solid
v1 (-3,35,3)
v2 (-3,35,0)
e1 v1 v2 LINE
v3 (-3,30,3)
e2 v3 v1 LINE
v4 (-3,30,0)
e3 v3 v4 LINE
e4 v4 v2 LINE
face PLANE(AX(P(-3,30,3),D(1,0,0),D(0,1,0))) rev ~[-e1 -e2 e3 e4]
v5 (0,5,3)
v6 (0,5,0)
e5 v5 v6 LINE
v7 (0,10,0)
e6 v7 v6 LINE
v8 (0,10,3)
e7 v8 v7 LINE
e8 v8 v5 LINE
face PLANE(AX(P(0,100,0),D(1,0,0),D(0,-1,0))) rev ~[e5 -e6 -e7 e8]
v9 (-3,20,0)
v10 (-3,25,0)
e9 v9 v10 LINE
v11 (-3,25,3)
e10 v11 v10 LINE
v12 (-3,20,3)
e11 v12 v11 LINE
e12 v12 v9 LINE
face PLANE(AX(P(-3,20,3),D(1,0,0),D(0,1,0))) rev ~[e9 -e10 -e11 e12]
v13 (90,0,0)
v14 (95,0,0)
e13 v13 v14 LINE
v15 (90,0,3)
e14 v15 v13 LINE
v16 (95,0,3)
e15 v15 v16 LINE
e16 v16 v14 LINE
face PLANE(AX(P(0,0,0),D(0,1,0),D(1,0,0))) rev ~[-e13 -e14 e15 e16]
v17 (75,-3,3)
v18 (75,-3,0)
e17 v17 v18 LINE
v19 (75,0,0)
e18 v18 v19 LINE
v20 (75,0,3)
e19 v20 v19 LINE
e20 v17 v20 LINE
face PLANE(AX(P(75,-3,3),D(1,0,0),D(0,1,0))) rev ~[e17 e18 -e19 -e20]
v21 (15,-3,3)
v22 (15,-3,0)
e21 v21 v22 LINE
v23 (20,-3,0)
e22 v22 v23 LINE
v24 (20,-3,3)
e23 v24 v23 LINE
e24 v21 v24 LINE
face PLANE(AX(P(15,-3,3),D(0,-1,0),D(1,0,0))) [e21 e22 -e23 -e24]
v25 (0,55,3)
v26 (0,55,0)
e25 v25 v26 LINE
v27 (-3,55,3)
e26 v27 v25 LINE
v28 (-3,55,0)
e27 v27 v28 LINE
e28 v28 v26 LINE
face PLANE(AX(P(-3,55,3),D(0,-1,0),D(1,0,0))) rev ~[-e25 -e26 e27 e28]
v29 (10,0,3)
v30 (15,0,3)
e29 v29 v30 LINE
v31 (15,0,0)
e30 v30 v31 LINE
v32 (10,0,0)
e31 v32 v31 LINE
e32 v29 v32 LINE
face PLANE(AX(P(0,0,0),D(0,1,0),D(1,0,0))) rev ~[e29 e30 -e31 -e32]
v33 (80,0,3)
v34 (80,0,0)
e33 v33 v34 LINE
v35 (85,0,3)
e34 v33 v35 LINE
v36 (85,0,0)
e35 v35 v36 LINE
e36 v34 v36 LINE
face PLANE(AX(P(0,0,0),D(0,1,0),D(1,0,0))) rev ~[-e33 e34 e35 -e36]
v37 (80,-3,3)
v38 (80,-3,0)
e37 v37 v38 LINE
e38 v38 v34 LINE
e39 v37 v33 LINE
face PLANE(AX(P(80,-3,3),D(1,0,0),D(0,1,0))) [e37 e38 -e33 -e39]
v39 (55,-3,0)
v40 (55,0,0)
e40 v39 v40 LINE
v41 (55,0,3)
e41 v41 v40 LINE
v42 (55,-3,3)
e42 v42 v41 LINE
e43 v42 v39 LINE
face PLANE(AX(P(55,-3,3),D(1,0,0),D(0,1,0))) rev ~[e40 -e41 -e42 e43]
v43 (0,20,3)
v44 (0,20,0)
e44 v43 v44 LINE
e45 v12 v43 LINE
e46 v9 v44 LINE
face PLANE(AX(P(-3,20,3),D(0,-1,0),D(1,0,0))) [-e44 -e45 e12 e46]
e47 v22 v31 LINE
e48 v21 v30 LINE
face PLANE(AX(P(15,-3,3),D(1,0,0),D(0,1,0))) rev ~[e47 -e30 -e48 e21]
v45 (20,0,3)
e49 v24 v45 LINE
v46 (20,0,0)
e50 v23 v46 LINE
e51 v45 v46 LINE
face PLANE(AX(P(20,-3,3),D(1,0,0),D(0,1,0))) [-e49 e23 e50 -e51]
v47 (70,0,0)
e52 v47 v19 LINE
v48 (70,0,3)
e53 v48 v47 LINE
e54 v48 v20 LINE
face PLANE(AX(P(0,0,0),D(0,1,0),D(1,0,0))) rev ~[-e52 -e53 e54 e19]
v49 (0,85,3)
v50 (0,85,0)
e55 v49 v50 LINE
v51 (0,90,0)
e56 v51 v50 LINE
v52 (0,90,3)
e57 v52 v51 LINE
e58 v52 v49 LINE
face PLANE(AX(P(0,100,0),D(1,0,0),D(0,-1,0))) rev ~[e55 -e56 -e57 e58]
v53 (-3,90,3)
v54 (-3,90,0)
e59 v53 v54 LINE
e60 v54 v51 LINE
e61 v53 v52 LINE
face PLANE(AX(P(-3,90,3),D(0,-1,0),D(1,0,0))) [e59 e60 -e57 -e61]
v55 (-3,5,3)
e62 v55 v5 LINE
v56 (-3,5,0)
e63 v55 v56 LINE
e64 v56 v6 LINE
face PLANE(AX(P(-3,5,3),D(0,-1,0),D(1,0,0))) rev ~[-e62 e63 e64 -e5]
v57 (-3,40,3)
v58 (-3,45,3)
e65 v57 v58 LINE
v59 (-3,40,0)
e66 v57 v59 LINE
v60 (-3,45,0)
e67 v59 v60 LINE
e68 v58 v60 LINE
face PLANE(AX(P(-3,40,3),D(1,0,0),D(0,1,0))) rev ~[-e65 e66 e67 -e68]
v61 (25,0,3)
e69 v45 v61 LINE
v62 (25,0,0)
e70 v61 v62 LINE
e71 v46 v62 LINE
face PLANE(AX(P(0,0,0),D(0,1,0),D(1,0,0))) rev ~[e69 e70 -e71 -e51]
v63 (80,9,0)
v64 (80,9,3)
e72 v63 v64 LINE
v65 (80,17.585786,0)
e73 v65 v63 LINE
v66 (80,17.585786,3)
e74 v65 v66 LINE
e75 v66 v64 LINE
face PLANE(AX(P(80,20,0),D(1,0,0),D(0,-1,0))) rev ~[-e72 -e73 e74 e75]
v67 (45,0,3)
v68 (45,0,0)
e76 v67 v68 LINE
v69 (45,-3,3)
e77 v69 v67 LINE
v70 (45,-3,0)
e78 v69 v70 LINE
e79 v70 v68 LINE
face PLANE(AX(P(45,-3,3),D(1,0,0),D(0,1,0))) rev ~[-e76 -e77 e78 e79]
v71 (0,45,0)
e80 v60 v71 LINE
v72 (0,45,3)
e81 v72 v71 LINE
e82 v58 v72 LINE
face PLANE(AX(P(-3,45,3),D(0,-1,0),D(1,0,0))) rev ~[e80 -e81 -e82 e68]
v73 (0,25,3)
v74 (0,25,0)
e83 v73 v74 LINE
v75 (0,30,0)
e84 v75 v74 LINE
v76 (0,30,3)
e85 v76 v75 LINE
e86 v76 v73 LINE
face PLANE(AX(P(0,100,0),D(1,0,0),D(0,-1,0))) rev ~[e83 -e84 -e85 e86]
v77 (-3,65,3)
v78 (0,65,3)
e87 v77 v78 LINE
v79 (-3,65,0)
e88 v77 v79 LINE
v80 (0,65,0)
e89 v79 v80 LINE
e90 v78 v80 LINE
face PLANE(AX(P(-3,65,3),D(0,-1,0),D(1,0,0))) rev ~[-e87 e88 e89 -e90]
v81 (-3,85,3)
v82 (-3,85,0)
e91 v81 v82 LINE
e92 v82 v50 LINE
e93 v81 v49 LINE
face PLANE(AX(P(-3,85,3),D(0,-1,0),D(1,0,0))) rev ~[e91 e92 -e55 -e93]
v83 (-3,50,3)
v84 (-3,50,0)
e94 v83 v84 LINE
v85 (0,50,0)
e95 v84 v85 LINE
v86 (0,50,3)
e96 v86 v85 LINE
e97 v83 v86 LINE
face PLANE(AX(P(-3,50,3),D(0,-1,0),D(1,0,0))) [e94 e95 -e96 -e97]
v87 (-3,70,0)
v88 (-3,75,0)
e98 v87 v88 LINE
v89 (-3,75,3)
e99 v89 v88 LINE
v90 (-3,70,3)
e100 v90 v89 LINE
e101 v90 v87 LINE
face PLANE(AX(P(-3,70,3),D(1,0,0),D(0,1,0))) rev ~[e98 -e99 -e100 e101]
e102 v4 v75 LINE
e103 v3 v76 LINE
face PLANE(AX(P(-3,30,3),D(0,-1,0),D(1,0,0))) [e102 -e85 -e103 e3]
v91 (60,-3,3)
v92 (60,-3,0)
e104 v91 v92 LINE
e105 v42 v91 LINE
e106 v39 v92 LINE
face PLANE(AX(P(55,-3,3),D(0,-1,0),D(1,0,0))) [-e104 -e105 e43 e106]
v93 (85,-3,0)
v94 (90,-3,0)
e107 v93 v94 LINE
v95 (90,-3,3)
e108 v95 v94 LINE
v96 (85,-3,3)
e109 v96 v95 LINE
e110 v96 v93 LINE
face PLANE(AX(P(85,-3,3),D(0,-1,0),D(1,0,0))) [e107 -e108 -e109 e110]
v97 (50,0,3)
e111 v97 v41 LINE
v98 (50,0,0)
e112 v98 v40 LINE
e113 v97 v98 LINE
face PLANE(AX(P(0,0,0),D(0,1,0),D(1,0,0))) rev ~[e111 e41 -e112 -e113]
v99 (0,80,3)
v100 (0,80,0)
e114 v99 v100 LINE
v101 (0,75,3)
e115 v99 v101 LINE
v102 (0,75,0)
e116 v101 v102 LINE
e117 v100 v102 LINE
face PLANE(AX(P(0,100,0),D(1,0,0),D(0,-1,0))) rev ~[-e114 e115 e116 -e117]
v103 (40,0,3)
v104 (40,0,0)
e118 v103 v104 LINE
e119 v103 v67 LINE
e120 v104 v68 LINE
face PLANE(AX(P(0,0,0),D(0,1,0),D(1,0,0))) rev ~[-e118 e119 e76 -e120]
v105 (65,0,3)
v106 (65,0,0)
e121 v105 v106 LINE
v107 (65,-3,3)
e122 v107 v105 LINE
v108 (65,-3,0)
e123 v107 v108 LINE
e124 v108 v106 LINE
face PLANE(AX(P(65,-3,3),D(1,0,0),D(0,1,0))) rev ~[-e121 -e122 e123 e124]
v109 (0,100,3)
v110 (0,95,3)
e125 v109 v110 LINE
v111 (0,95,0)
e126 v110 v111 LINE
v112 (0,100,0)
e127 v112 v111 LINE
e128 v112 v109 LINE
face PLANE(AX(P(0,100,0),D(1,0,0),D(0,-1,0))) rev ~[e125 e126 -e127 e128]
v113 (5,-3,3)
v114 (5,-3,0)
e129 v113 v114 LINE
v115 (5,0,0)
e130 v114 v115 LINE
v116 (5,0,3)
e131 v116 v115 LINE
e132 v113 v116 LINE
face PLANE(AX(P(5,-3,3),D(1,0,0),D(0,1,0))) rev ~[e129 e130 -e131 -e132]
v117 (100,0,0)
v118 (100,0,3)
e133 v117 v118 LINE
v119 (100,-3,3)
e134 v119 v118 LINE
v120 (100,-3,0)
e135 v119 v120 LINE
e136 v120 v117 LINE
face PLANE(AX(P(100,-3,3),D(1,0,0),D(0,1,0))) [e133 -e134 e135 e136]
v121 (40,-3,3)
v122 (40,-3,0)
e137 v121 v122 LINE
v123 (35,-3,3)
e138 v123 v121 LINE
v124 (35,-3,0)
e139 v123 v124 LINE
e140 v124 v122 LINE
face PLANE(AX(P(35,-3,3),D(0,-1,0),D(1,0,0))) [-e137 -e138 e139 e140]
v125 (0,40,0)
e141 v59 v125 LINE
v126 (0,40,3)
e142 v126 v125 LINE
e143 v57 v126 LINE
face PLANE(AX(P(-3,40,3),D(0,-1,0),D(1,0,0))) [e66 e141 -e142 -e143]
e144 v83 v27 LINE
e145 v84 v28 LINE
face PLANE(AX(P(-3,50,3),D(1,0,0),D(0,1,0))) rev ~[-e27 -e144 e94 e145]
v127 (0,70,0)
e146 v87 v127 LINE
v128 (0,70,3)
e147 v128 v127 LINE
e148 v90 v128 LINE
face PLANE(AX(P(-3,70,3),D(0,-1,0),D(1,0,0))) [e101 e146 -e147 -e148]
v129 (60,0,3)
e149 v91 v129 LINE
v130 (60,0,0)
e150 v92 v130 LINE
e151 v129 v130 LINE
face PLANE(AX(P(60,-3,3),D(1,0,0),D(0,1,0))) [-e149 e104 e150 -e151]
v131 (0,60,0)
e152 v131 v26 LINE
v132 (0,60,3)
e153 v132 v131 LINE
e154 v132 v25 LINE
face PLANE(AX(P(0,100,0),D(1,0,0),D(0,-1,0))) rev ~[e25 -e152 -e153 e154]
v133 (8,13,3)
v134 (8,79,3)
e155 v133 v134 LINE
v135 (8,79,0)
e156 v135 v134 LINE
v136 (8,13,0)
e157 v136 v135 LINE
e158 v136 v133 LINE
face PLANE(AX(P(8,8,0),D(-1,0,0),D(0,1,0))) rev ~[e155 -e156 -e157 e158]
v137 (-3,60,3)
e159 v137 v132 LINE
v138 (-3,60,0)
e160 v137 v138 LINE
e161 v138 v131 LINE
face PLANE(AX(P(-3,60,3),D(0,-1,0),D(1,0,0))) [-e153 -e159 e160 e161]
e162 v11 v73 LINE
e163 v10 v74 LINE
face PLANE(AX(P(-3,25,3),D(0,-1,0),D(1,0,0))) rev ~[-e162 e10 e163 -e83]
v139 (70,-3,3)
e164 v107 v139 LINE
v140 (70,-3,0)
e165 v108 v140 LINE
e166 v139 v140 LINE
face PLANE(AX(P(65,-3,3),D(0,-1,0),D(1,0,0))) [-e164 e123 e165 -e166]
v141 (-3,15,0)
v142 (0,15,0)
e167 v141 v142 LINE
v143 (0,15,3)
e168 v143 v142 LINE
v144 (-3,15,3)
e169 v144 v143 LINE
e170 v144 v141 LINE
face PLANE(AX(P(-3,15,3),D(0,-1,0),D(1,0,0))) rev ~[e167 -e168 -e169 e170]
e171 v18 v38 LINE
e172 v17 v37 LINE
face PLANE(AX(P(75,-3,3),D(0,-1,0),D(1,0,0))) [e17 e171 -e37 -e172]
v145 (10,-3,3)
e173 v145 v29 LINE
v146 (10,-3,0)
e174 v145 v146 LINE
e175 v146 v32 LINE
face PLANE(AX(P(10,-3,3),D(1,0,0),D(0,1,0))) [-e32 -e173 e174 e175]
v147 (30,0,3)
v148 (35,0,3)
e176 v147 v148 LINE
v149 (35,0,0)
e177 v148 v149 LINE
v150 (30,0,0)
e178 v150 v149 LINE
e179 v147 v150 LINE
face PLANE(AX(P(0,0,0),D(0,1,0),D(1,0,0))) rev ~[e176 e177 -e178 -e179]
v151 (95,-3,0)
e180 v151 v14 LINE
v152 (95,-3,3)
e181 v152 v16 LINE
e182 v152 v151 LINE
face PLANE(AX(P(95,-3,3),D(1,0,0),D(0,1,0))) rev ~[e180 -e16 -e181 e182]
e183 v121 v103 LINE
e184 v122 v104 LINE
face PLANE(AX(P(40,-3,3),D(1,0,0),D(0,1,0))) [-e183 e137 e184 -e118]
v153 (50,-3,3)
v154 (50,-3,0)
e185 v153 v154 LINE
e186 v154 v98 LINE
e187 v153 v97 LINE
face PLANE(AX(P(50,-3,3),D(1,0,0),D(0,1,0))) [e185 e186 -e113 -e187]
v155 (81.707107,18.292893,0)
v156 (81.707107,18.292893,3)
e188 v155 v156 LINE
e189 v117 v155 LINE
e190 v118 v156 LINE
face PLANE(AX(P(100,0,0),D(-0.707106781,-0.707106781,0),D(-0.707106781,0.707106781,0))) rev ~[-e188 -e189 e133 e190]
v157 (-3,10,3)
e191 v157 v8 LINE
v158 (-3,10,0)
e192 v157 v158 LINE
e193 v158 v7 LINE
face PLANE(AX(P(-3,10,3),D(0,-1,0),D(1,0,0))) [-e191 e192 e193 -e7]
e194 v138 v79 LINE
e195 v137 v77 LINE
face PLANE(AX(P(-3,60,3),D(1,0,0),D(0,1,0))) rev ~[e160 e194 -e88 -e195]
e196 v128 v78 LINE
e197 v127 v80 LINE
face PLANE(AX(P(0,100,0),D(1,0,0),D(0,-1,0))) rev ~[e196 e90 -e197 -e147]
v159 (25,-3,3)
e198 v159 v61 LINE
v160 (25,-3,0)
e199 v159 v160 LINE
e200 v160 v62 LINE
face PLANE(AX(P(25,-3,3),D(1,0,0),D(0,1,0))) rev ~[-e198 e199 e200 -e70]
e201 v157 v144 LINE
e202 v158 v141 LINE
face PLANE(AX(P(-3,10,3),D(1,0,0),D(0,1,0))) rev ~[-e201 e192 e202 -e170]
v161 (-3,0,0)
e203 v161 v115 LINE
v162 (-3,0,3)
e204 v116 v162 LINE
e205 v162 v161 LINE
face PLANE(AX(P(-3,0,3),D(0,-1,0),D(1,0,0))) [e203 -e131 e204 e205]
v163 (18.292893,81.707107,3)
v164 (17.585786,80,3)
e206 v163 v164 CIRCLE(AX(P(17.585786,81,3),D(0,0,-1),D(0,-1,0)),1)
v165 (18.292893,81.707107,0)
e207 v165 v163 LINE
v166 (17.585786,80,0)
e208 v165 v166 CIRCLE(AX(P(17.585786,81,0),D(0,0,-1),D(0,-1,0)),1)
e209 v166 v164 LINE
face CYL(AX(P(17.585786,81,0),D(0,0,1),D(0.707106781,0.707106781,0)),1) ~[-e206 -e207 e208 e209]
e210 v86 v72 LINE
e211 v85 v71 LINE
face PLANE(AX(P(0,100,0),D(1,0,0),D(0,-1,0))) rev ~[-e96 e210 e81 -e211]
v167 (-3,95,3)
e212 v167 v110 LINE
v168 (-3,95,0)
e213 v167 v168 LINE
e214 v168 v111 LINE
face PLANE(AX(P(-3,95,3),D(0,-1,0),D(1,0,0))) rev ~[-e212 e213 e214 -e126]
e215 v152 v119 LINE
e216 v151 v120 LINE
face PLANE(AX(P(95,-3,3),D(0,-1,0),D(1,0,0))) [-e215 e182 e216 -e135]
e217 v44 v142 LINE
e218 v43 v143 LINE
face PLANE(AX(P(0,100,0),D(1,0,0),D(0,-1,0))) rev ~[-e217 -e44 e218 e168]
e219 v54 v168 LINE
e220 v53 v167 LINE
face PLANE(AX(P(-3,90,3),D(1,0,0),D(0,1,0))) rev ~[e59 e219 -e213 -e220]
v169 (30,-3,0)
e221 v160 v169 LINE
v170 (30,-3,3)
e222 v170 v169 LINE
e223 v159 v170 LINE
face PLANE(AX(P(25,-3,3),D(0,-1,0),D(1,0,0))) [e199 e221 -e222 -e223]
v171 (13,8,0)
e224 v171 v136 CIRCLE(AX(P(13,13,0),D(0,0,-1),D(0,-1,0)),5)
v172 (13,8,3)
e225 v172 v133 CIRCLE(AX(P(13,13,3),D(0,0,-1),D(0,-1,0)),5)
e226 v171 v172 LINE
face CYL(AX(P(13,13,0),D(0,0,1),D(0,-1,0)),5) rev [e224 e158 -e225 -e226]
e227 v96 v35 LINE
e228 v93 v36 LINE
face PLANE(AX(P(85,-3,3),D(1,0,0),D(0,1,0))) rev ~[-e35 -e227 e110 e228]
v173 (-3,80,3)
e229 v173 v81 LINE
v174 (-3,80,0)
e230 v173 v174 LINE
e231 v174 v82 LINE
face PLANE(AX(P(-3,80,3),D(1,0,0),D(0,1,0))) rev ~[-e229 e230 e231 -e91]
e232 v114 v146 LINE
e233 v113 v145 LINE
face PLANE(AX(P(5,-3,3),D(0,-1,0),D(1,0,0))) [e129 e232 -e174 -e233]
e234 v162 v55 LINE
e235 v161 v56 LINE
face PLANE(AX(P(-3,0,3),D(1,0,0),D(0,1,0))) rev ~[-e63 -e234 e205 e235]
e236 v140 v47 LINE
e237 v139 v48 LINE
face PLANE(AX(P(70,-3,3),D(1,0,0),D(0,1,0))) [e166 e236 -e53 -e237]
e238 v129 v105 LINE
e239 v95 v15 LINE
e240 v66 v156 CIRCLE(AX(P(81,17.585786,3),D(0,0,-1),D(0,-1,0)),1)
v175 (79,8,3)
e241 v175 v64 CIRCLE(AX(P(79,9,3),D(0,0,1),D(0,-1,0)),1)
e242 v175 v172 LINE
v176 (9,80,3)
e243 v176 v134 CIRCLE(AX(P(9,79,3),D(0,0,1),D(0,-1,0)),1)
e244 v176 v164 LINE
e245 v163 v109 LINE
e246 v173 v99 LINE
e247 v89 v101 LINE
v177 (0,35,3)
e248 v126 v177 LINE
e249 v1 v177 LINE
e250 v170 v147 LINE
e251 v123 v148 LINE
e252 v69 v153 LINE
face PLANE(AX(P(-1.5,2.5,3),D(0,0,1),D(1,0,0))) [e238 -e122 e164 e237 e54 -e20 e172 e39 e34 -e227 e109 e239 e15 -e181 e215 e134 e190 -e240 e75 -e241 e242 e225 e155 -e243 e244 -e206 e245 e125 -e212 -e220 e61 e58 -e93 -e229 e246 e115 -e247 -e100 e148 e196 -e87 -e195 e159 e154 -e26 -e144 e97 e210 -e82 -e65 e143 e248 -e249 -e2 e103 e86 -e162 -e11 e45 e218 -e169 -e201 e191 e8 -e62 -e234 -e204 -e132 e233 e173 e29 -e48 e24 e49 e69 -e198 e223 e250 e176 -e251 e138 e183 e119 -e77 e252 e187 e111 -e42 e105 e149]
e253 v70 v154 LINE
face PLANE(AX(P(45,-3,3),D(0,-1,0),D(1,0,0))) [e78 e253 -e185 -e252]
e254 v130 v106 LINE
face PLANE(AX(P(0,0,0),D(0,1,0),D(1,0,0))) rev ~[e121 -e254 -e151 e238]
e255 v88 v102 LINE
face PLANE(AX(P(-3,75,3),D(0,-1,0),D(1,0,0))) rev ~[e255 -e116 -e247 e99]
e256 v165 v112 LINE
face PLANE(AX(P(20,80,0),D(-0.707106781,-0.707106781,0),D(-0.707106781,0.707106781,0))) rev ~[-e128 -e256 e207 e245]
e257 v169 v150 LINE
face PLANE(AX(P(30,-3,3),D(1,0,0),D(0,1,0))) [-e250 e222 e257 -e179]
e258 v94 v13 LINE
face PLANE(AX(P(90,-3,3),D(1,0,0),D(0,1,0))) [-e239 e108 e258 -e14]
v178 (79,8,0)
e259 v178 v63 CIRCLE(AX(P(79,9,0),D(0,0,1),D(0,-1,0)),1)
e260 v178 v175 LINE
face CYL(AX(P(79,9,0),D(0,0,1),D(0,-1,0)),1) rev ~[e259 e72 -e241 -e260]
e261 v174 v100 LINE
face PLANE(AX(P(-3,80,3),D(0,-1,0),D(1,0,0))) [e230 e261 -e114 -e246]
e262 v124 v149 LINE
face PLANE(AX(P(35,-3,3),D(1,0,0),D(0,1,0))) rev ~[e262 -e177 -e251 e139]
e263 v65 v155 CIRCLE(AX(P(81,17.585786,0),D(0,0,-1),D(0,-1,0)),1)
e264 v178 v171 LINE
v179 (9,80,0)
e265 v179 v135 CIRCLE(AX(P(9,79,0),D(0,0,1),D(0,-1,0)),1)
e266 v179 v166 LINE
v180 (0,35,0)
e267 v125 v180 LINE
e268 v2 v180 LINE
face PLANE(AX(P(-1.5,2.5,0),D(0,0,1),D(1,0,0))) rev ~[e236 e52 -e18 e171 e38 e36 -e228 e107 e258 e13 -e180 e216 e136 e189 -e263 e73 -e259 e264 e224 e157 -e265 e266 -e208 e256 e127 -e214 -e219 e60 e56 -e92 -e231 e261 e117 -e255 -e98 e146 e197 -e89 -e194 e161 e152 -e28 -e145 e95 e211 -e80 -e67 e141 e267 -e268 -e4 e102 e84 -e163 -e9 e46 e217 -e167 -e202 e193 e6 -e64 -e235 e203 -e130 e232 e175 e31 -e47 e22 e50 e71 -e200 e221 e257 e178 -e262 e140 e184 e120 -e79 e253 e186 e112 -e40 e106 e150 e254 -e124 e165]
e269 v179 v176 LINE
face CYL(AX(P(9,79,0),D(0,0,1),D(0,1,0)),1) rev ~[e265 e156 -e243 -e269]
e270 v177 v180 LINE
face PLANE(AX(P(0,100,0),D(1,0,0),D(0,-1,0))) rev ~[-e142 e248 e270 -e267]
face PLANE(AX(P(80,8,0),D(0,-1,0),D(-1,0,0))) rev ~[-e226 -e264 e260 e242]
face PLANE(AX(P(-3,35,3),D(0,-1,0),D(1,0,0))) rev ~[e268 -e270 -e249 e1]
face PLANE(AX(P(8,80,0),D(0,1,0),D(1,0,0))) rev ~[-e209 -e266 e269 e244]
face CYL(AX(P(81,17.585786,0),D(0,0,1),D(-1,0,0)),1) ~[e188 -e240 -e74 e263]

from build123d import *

# Parameters (mm, degrees)
F1_DEPTH = 3
F3_W     = 3
F3_H     = 5
F2_W     = 5
F2_H     = 3
F4_DEPTH = 3
F5_R     = 1
F6_R     = 5


with BuildPart() as f1:
    # F0 (on Top) → F1 (new body)
    with BuildSketch(Plane.XY):
        Polygon((20, 80), (0, 100), (0, 0), (100, 0), (80, 20), (80, 8), (8, 8), (8, 80), align=None)
    extrude(amount=F1_DEPTH)

    # F3 (on face) + F2 (on face) → F4 (join)
    with BuildSketch(Plane.XY.offset(3)):
        with Locations((-1.5, 42.5)):
            Rectangle(F3_W, F3_H)
        with Locations((-1.5, 32.5)):
            Rectangle(F3_W, F3_H)
        with Locations((-1.5, 22.5)):
            Rectangle(F3_W, F3_H)
        with Locations((-1.5, 12.5)):
            Rectangle(F3_W, F3_H)
        with Locations((-1.5, 2.5)):
            Rectangle(F3_W, F3_H)
        with Locations((-1.5, 52.5)):
            Rectangle(F3_W, F3_H)
        with Locations((-1.5, 72.5)):
            Rectangle(F3_W, F3_H)
        with Locations((-1.5, 82.5)):
            Rectangle(F3_W, F3_H)
        with Locations((-1.5, 92.5)):
            Rectangle(F3_W, F3_H)
        with Locations((-1.5, 62.5)):
            Rectangle(F3_W, F3_H)
    with BuildSketch(Plane.XY.offset(3)):
        with Locations((7.5, -1.5)):
            Rectangle(F2_W, F2_H)
        with Locations((17.5, -1.5)):
            Rectangle(F2_W, F2_H)
        with Locations((27.5, -1.5)):
            Rectangle(F2_W, F2_H)
        with Locations((37.5, -1.5)):
            Rectangle(F2_W, F2_H)
        with Locations((47.5, -1.5)):
            Rectangle(F2_W, F2_H)
        with Locations((57.5, -1.5)):
            Rectangle(F2_W, F2_H)
        with Locations((67.5, -1.5)):
            Rectangle(F2_W, F2_H)
        with Locations((77.5, -1.5)):
            Rectangle(F2_W, F2_H)
        with Locations((87.5, -1.5)):
            Rectangle(F2_W, F2_H)
        with Locations((97.5, -1.5)):
            Rectangle(F2_W, F2_H)
    extrude(amount=-F4_DEPTH)

    # F5
    f5_edges = [f1.edges().sort_by_distance(p)[0] for p in [
        (80, 20, 1.5),
        (8, 80, 1.5),
        (20, 80, 1.5),
        (80, 8, 1.5),
    ]]
    fillet(f5_edges, radius=F5_R)

    # F6
    f6_edges = [f1.edges().sort_by_distance(p)[0] for p in [
        (8, 8, 1.5),
    ]]
    fillet(f6_edges, radius=F6_R)


solid = f1.part
